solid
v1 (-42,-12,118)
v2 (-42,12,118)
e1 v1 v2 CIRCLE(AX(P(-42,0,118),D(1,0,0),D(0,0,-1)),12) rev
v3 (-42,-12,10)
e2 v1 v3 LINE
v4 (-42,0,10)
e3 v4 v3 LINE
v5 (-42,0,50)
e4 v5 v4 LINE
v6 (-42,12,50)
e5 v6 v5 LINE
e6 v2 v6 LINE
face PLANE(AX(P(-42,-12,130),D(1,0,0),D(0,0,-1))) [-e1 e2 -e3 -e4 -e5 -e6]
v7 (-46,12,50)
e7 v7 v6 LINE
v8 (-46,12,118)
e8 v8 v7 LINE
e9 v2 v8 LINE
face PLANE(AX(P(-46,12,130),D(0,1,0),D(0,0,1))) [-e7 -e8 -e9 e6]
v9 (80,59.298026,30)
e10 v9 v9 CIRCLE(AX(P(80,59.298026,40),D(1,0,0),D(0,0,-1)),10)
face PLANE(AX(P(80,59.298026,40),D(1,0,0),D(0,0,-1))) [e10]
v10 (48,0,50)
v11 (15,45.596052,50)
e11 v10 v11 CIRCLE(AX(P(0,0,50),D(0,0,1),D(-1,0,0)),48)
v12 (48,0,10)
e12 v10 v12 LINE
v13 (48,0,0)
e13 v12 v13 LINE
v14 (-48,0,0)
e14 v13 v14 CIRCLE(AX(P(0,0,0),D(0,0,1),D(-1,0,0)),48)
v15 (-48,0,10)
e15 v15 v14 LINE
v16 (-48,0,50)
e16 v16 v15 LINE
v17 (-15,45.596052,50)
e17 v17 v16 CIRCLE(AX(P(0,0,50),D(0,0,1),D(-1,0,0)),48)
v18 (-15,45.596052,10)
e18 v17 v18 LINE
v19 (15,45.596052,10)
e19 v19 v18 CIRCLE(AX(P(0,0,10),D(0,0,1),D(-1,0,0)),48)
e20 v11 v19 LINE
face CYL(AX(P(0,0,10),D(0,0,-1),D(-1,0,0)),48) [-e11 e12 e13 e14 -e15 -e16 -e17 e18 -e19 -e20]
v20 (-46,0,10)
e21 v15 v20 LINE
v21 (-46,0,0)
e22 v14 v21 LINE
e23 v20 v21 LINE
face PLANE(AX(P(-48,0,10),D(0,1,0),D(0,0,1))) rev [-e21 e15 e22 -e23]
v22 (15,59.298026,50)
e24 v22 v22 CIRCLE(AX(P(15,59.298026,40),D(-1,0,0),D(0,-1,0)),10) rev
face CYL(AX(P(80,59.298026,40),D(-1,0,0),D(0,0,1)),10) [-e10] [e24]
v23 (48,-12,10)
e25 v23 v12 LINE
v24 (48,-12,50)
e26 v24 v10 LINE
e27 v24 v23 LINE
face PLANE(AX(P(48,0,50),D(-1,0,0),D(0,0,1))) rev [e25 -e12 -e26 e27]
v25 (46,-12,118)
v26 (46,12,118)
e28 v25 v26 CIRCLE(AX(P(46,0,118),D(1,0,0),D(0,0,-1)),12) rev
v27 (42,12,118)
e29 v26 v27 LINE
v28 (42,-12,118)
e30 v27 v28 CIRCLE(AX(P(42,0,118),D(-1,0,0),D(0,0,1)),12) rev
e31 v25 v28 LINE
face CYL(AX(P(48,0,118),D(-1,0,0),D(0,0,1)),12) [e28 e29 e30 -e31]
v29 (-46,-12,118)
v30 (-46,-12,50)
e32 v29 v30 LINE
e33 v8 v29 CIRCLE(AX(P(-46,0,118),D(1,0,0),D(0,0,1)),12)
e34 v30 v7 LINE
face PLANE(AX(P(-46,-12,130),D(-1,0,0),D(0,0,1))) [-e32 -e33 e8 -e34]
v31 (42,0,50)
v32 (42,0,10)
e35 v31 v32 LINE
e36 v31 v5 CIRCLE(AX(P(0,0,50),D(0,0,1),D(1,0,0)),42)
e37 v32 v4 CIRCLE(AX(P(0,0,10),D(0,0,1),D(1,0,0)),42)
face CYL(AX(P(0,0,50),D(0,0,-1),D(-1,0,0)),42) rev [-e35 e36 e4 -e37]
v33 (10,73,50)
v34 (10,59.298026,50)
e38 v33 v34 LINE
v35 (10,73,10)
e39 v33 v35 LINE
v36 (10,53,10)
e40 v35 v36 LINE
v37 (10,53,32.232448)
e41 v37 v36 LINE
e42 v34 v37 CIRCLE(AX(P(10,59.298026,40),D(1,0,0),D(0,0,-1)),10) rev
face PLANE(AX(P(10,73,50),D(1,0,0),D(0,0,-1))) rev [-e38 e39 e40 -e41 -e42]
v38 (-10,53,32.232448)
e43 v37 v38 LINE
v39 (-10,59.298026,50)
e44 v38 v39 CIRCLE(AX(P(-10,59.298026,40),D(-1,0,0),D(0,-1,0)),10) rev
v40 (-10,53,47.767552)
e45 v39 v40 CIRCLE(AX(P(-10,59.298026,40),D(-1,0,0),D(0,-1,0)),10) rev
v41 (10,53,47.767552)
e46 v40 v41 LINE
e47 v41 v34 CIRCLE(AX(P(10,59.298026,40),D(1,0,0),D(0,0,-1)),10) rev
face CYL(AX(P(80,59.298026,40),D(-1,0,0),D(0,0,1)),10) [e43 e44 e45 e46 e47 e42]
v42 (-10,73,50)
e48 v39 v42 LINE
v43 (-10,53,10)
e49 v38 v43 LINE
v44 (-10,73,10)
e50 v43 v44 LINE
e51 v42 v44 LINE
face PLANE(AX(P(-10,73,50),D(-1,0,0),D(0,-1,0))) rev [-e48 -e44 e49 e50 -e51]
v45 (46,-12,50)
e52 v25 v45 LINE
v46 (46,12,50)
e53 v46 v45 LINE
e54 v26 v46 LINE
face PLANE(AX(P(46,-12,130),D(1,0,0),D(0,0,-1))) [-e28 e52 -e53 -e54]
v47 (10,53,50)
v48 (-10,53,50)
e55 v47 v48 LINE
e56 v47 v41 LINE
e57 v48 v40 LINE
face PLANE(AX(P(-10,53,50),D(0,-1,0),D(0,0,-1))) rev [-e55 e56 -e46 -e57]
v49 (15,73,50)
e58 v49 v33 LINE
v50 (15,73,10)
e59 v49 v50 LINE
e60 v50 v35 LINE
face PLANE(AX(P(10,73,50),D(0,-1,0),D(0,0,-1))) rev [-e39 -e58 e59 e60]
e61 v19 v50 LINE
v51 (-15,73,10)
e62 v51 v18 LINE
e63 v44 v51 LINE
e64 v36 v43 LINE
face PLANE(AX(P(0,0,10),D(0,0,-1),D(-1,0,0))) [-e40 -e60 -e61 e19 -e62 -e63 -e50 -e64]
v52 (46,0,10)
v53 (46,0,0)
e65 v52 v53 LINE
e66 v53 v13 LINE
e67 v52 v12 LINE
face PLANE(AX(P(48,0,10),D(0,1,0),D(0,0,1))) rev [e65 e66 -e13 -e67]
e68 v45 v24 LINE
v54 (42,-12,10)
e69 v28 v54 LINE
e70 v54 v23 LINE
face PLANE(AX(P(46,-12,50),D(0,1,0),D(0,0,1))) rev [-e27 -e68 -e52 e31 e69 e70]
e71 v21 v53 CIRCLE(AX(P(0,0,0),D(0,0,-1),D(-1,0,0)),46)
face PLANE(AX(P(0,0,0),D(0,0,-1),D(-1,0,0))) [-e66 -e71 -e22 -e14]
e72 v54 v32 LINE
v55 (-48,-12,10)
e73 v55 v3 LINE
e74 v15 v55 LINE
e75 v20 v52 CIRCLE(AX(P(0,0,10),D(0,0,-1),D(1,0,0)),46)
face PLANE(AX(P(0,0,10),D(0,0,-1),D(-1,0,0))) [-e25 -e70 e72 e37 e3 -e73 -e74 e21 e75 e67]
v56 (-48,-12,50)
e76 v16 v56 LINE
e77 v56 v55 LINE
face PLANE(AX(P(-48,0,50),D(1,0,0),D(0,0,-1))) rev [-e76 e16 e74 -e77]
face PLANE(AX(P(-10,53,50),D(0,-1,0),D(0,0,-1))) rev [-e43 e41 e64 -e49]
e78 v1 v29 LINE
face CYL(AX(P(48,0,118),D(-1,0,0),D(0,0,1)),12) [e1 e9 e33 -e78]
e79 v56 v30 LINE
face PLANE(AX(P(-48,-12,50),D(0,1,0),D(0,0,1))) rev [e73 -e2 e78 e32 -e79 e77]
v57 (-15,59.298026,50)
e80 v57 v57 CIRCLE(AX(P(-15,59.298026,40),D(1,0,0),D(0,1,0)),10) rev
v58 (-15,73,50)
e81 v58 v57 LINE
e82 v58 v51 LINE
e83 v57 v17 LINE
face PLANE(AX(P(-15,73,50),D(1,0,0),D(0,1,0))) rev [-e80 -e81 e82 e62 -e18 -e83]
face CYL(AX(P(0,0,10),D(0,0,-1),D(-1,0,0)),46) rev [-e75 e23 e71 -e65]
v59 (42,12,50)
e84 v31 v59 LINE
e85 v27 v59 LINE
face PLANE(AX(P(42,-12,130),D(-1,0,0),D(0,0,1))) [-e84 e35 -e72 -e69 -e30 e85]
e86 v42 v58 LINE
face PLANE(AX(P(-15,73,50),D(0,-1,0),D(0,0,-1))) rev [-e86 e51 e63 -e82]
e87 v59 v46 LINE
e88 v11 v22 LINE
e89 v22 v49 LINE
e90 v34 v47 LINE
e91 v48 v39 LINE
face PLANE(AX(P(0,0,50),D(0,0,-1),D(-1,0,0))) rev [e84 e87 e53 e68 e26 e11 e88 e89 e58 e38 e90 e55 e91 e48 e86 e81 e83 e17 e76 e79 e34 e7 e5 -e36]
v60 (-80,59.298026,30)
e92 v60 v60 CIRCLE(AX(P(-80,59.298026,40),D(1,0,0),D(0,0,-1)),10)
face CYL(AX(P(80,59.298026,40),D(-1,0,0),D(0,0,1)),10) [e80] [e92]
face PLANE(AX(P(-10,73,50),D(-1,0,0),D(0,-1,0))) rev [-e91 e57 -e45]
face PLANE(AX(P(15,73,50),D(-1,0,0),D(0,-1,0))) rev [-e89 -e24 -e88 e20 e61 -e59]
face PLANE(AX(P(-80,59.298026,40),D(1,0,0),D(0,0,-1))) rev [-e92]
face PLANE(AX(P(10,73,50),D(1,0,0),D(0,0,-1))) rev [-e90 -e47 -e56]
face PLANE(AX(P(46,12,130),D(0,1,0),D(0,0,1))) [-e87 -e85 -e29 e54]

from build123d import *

# Parameters (mm, degrees)
EXTRUDE_1_DEPTH     = 10
EXTRUDE_2_DEPTH     = 40
EXTRUDE_4_DEPTH     = 40
SKETCH_7_W          = 4
SKETCH_7_H          = 24
EXTRUDE_5_DEPTH     = 120
CUT_EXTRUDE_3_DEPTH = 95
SKETCH_10_R         = 10
EXTRUDE_6_DEPTH     = 80


with BuildPart() as part:
    # 草图1 → 凸台-拉伸1 (new body)
    with BuildSketch(Plane.XY):
        with BuildLine():
            Line((-48, 0), (-46, 0))
            ThreePointArc((-46, 0), (0, 46), (46, 0))
            Line((46, 0), (48, 0))
            ThreePointArc((48, 0), (0, 48), (-48, 0))
        make_face()
    extrude(amount=EXTRUDE_1_DEPTH)

    # 草图2 → 凸台-拉伸2 (add)
    with BuildSketch(Plane.XY.offset(10)):
        with BuildLine():
            Line((-48, 0), (-48, -12))
            Line((-48, -12), (-46, -12))
            Line((-46, -12), (-46, 0))
            ThreePointArc((-46, 0), (0, 46), (46, 0))
            Line((46, 0), (46, -12))
            Line((46, -12), (48, -12))
            Line((48, -12), (48, 0))
            ThreePointArc((48, 0), (38.88444419, 28.142494559), (15, 45.596052461))
            Line((15, 45.596052461), (15, 73))
            Line((15, 73), (10, 73))
            Line((10, 73), (10, 53))
            Line((10, 53), (-10, 53))
            Line((-10, 53), (-10, 73))
            Line((-10, 73), (-15, 73))
            Line((-15, 73), (-15, 45.596052461))
            ThreePointArc((-15, 45.596052461), (-38.88444419, 28.142494559), (-48, 0))
        make_face()
    extrude(amount=EXTRUDE_2_DEPTH)

    # 草图6 → 凸台-拉伸4 (add)
    with BuildSketch(Plane(origin=(0, 0, 10), x_dir=(-1, 0, 0), z_dir=(0, 0, -1))):
        with BuildLine():
            Line((-46, 0), (-42.166380906, 0))
            Line((-42.166380906, 0), (-42, 0))
            ThreePointArc((-42, 0), (0, 42), (42, 0))
            Line((42, 0), (46, 0))
            ThreePointArc((46, 0), (0, 46), (-46, 0))
        make_face()
    extrude(amount=-EXTRUDE_4_DEPTH)

    # 草图7 → 凸台-拉伸5 (add)
    with BuildSketch(Plane(origin=(0, 0, 10), x_dir=(-1, 0, 0), z_dir=(0, 0, -1))):
        with Locations((-44, 0)):
            Rectangle(SKETCH_7_W, SKETCH_7_H)
        with Locations((44, 0)):
            Rectangle(SKETCH_7_W, SKETCH_7_H)
    extrude(amount=-EXTRUDE_5_DEPTH)

    # 草图8 → 切除-拉伸3 (cut, through all)
    with BuildSketch(Plane.ZY.offset(46)):
        with BuildLine():
            Line((118, 12), (136, 12))
            Line((136, 12), (136, -12))
            Line((136, -12), (118, -12))
            ThreePointArc((118, -12), (130, 0), (118, 12))
        make_face()
    extrude(amount=-CUT_EXTRUDE_3_DEPTH, mode=Mode.SUBTRACT)

    # 草图10 → 凸台-拉伸6 (add, symmetric)
    with BuildSketch(Plane(origin=(0, 0, 0), x_dir=(0, 0, -1), z_dir=(1, 0, 0))):
        with Locations((-40, 59.29802623)):
            Circle(SKETCH_10_R)
    extrude(amount=EXTRUDE_6_DEPTH, both=True)


solid = part.part
